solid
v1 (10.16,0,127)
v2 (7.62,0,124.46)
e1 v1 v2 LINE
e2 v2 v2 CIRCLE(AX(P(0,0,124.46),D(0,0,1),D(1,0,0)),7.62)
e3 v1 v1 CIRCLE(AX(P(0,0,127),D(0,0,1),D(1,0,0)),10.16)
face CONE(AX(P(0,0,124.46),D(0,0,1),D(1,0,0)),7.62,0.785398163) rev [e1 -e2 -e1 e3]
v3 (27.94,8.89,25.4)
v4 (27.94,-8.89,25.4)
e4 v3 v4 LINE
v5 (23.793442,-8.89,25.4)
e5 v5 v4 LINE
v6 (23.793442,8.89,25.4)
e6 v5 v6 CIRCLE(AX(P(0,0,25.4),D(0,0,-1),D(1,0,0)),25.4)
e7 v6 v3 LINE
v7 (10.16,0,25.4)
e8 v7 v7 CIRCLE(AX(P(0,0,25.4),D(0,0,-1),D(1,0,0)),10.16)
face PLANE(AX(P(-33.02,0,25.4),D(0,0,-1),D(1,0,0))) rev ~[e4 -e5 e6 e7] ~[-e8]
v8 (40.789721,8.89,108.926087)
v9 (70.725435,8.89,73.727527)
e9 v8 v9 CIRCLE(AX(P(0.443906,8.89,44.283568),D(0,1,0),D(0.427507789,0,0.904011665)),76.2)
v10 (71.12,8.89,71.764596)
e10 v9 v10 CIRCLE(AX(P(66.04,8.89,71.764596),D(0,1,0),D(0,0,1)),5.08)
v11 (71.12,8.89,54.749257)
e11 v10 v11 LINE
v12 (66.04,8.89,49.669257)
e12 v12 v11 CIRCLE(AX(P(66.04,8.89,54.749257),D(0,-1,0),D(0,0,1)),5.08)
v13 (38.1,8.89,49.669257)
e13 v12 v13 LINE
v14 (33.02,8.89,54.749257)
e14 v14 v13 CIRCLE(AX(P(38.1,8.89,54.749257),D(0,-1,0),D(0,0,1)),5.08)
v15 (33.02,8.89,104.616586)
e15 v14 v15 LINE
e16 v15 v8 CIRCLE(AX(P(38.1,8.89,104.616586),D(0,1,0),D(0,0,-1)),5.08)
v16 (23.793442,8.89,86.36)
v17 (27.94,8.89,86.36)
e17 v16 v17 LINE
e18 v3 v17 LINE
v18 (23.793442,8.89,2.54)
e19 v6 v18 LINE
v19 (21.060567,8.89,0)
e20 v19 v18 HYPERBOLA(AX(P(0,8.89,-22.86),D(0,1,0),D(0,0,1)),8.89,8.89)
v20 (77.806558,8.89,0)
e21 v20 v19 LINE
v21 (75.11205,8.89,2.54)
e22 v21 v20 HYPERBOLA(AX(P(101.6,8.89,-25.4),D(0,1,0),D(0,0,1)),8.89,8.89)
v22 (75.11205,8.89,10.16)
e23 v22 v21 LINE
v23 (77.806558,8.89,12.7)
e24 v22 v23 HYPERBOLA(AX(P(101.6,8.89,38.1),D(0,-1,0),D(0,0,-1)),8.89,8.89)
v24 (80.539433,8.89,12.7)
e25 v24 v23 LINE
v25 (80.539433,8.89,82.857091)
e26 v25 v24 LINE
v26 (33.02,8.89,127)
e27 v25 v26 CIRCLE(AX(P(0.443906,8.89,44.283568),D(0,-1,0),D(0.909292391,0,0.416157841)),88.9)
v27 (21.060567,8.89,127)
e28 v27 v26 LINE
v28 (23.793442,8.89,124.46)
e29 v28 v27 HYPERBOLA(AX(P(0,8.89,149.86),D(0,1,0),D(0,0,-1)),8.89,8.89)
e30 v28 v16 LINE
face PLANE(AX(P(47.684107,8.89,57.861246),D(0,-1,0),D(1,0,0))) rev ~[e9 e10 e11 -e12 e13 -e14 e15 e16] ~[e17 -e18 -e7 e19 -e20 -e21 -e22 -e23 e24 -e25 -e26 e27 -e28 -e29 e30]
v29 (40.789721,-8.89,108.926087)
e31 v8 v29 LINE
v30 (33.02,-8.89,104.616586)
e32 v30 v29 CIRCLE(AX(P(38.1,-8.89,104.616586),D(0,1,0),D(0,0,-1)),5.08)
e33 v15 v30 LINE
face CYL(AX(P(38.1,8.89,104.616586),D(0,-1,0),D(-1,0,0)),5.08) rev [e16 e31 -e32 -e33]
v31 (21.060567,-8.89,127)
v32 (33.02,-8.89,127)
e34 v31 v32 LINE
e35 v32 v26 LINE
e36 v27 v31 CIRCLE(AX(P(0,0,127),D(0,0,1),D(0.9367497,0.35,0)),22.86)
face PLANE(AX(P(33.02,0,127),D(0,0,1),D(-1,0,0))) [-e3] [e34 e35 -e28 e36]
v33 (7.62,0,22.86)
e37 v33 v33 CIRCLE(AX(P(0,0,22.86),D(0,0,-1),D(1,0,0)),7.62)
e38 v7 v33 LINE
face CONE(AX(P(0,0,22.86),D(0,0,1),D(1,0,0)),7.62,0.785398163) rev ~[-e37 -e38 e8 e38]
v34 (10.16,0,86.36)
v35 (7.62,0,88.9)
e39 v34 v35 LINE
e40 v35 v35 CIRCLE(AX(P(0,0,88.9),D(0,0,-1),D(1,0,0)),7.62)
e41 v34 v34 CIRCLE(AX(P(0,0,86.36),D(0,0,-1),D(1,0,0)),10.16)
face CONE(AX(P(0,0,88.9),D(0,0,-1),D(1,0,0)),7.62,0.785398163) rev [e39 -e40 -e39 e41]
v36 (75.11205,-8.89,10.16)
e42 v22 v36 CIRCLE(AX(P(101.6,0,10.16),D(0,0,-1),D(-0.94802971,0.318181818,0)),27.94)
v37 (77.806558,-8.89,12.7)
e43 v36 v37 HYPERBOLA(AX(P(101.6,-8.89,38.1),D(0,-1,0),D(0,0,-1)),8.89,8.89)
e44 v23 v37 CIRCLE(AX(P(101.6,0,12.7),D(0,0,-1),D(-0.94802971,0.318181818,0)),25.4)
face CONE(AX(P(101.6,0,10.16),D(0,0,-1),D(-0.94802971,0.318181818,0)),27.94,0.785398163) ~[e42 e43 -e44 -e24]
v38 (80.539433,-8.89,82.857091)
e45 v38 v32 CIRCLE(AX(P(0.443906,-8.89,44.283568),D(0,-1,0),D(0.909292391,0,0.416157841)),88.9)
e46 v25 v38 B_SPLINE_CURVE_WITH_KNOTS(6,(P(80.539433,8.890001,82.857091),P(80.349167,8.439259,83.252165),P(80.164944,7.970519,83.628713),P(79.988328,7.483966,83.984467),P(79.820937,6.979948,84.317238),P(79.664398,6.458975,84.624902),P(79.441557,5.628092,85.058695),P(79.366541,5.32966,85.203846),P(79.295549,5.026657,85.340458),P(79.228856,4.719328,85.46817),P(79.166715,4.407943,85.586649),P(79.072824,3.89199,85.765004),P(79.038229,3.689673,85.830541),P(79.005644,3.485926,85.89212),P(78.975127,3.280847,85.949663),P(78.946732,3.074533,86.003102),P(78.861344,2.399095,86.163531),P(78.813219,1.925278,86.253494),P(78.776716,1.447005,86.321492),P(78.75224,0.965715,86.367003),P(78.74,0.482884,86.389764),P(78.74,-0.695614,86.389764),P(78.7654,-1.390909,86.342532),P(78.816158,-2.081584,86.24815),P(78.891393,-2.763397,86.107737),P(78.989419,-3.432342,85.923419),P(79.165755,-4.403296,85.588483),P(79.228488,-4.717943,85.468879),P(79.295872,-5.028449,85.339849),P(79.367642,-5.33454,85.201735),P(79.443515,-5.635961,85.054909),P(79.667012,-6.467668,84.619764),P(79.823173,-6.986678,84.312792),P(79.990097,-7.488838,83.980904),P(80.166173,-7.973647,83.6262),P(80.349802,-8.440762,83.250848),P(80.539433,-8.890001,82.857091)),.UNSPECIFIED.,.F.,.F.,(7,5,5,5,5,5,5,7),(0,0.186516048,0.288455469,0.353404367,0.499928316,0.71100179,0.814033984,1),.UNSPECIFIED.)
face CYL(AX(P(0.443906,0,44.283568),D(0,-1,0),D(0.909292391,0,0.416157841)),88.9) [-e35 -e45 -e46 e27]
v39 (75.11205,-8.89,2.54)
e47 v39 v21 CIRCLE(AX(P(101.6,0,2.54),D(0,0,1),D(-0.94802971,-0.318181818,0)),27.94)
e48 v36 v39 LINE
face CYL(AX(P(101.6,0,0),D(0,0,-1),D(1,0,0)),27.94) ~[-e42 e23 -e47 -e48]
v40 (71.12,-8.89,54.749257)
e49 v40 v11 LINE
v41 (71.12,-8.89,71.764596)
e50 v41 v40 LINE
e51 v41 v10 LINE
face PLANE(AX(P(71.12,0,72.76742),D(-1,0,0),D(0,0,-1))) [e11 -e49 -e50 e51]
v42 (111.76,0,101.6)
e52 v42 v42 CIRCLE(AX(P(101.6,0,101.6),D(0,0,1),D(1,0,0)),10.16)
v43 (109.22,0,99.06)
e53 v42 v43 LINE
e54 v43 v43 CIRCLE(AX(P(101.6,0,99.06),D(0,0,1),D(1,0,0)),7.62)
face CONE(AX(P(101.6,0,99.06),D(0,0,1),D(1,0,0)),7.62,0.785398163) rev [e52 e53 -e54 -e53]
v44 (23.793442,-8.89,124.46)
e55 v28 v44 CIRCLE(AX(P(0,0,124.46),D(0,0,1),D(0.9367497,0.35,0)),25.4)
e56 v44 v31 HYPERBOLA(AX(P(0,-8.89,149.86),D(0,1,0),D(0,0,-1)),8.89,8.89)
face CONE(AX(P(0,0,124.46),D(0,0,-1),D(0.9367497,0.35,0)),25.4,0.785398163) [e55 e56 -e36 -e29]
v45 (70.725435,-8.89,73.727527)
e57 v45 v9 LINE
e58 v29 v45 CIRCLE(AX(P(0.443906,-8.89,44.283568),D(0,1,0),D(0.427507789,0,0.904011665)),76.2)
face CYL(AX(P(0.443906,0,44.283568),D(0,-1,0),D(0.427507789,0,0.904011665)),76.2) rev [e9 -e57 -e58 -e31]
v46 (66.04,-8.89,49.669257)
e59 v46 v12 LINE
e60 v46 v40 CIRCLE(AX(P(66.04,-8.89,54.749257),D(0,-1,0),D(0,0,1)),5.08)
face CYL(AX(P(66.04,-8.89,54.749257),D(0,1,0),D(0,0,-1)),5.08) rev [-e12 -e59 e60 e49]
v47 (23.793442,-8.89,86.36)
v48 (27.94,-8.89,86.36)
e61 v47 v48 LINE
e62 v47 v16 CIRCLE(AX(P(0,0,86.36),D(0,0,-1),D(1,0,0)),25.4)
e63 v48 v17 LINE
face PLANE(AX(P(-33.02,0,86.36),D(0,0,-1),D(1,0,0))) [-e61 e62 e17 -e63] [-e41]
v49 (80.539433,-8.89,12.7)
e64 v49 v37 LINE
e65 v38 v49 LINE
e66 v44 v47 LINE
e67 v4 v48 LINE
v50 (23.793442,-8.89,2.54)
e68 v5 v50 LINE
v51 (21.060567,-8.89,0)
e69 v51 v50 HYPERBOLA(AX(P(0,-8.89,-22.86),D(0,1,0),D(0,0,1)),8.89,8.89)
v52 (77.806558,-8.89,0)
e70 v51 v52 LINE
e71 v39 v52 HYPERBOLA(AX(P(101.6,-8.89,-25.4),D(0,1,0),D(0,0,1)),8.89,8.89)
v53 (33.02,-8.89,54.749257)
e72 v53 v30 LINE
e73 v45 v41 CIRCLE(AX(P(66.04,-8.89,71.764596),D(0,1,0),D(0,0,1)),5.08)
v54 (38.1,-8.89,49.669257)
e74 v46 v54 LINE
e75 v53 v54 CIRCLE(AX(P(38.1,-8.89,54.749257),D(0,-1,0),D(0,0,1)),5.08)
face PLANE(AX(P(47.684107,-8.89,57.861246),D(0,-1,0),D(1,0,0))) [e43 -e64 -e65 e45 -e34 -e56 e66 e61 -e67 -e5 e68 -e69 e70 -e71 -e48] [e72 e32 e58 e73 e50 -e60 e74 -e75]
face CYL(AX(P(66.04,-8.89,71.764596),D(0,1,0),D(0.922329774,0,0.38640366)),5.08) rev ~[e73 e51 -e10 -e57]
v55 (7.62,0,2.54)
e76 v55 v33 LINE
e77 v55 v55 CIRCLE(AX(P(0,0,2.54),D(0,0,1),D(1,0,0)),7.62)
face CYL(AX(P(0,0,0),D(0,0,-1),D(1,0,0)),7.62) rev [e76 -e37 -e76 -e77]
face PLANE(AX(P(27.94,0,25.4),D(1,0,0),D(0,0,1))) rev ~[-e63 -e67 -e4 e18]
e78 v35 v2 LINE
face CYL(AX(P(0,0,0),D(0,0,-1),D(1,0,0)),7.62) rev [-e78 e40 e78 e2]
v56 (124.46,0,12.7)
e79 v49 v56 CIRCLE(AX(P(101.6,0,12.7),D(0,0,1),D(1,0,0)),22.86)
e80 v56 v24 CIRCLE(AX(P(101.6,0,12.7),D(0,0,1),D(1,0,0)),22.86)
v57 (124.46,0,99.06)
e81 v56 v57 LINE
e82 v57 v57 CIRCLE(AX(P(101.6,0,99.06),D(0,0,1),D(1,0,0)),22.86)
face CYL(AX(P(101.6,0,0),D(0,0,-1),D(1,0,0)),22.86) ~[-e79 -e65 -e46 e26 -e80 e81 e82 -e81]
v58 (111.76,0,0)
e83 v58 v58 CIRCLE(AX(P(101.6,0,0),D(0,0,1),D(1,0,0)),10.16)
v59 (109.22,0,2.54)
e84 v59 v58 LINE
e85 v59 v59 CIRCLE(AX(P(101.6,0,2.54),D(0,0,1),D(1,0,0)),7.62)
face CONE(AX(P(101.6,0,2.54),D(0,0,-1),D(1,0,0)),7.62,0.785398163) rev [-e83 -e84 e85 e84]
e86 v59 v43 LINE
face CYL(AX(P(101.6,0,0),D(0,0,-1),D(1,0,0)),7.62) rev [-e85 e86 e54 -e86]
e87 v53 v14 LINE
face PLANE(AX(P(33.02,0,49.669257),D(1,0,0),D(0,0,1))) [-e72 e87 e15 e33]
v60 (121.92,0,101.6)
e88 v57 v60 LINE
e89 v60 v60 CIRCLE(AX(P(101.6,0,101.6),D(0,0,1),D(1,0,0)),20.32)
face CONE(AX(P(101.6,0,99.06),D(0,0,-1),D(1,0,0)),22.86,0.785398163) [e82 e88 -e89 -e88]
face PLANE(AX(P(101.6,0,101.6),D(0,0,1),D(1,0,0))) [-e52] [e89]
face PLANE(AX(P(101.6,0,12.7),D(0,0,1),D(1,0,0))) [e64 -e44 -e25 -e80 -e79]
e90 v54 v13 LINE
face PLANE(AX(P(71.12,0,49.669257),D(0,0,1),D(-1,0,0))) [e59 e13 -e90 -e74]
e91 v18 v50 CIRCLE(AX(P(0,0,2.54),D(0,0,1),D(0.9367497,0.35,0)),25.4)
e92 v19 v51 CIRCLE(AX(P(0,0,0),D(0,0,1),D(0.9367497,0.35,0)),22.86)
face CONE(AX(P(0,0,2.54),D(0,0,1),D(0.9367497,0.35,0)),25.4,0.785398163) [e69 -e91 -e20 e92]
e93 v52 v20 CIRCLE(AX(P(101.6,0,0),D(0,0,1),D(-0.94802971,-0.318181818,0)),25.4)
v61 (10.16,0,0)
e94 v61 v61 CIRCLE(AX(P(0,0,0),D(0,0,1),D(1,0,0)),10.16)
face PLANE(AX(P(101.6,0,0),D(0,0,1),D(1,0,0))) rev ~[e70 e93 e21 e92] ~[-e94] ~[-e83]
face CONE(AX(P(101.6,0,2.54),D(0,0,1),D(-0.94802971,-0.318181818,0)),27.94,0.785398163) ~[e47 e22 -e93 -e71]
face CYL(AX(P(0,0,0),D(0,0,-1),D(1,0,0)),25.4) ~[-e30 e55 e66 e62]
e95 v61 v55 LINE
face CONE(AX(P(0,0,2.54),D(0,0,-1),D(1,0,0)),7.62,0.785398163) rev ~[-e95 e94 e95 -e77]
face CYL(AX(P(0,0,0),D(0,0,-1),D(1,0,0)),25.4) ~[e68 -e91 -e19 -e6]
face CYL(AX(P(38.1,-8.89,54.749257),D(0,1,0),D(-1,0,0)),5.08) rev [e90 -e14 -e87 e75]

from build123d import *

# Parameters (mm, degrees)
F0_R      = 25.4
F0_R_2    = 7.62
F1_DEPTH  = 127
F0_R_3    = 22.86
F2_DEPTH  = 101.6
F4_DEPTH  = 8.89
F5_W      = 60.96
F5_H      = 60.96
F6_DEPTH  = 50.8
F7_R      = 5.08
F8_SIZE   = 2.54
F9_R      = 27.94
F9_R_2    = 22.86
F10_DEPTH = 12.7
F11_SIZE  = 2.54


with BuildPart() as f1:
    # F0 (on Top) → F1 (new body)
    with BuildSketch(Plane.XY):
        Circle(F0_R)
        Circle(F0_R_2, mode=Mode.SUBTRACT)
    extrude(amount=F1_DEPTH)



with BuildPart() as f2:
    # F0 (on Top) → F2 (new body)
    with BuildSketch(Plane.XY):
        with Locations((101.6, 0)):
            Circle(F0_R_3)
        with Locations((101.6, 0)):
            Circle(F0_R_2, mode=Mode.SUBTRACT)
    extrude(amount=F2_DEPTH)


with BuildPart() as f1_1:
    add(f1.part)

    add(f2.part)  # F4 merges F2
    # F3 (on Front) → F4 (join, symmetric)
    with BuildSketch(Plane.XZ):
        with BuildLine():
            Line((20.32, 127), (20.32, 0))
            Line((20.32, 0), (81.28, 0))
            Line((81.28, 0), (81.28, 81.28))
            ThreePointArc((81.28, 81.28), (61.5844056789, 108.82076155), (33.02, 127))
            Line((33.02, 127), (20.32, 127))
        make_face()
        with BuildLine():
            ThreePointArc((33.02, 113.1692568198), (55.8815349001, 96.5627163287), (71.12, 72.7674195988))
            Line((71.12, 72.7674195988), (71.12, 49.6692568198))
            Line((71.12, 49.6692568198), (33.02, 49.6692568198))
            Line((33.02, 49.6692568198), (33.02, 113.1692568198))
        make_face(mode=Mode.SUBTRACT)
    extrude(amount=F4_DEPTH, both=True)

    # F5 (on Front) → F6 (cut, symmetric)
    with BuildSketch(Plane.XZ):
        with Locations((-2.54, 55.88)):
            Rectangle(F5_W, F5_H)
    extrude(amount=F6_DEPTH, both=True, mode=Mode.SUBTRACT)

    # F7
    f7_edges = [f1_1.edges().sort_by_distance(p)[0] for p in [
        (33.02, 0, 49.669257),
        (71.12, 0, 49.669257),
        (71.12, 0, 72.76742),
        (33.02, 0, 113.169257),
    ]]
    fillet(f7_edges, radius=F7_R)

    # F8
    f8_edges = [f1_1.edges().sort_by_distance(p)[0] for p in [
        (-25.4, 0, 127),
        (-7.62, 0, 127),
        (-7.62, 0, 25.4),
        (-7.62, 0, 86.36),
        (-25.4, 0, 0),
        (-7.62, 0, 0),
    ]]
    chamfer(f8_edges, length=F8_SIZE)

    # F9 (on Top) → F10 (join)
    with BuildSketch(Plane.XY):
        with Locations((101.6, 0)):
            Circle(F9_R)
        with Locations((101.6, 0)):
            Circle(F9_R_2, mode=Mode.SUBTRACT)
    extrude(amount=F10_DEPTH)

    # F11
    f11_edges = [f1_1.edges().sort_by_distance(p)[0] for p in [
        (93.98, 0, 101.6),
        (78.74, 0, 101.6),
        (129.54, 0, 12.7),
        (129.54, 0, 0),
        (93.98, 0, 0),
    ]]
    chamfer(f11_edges, length=F11_SIZE)


solid = f1_1.part
